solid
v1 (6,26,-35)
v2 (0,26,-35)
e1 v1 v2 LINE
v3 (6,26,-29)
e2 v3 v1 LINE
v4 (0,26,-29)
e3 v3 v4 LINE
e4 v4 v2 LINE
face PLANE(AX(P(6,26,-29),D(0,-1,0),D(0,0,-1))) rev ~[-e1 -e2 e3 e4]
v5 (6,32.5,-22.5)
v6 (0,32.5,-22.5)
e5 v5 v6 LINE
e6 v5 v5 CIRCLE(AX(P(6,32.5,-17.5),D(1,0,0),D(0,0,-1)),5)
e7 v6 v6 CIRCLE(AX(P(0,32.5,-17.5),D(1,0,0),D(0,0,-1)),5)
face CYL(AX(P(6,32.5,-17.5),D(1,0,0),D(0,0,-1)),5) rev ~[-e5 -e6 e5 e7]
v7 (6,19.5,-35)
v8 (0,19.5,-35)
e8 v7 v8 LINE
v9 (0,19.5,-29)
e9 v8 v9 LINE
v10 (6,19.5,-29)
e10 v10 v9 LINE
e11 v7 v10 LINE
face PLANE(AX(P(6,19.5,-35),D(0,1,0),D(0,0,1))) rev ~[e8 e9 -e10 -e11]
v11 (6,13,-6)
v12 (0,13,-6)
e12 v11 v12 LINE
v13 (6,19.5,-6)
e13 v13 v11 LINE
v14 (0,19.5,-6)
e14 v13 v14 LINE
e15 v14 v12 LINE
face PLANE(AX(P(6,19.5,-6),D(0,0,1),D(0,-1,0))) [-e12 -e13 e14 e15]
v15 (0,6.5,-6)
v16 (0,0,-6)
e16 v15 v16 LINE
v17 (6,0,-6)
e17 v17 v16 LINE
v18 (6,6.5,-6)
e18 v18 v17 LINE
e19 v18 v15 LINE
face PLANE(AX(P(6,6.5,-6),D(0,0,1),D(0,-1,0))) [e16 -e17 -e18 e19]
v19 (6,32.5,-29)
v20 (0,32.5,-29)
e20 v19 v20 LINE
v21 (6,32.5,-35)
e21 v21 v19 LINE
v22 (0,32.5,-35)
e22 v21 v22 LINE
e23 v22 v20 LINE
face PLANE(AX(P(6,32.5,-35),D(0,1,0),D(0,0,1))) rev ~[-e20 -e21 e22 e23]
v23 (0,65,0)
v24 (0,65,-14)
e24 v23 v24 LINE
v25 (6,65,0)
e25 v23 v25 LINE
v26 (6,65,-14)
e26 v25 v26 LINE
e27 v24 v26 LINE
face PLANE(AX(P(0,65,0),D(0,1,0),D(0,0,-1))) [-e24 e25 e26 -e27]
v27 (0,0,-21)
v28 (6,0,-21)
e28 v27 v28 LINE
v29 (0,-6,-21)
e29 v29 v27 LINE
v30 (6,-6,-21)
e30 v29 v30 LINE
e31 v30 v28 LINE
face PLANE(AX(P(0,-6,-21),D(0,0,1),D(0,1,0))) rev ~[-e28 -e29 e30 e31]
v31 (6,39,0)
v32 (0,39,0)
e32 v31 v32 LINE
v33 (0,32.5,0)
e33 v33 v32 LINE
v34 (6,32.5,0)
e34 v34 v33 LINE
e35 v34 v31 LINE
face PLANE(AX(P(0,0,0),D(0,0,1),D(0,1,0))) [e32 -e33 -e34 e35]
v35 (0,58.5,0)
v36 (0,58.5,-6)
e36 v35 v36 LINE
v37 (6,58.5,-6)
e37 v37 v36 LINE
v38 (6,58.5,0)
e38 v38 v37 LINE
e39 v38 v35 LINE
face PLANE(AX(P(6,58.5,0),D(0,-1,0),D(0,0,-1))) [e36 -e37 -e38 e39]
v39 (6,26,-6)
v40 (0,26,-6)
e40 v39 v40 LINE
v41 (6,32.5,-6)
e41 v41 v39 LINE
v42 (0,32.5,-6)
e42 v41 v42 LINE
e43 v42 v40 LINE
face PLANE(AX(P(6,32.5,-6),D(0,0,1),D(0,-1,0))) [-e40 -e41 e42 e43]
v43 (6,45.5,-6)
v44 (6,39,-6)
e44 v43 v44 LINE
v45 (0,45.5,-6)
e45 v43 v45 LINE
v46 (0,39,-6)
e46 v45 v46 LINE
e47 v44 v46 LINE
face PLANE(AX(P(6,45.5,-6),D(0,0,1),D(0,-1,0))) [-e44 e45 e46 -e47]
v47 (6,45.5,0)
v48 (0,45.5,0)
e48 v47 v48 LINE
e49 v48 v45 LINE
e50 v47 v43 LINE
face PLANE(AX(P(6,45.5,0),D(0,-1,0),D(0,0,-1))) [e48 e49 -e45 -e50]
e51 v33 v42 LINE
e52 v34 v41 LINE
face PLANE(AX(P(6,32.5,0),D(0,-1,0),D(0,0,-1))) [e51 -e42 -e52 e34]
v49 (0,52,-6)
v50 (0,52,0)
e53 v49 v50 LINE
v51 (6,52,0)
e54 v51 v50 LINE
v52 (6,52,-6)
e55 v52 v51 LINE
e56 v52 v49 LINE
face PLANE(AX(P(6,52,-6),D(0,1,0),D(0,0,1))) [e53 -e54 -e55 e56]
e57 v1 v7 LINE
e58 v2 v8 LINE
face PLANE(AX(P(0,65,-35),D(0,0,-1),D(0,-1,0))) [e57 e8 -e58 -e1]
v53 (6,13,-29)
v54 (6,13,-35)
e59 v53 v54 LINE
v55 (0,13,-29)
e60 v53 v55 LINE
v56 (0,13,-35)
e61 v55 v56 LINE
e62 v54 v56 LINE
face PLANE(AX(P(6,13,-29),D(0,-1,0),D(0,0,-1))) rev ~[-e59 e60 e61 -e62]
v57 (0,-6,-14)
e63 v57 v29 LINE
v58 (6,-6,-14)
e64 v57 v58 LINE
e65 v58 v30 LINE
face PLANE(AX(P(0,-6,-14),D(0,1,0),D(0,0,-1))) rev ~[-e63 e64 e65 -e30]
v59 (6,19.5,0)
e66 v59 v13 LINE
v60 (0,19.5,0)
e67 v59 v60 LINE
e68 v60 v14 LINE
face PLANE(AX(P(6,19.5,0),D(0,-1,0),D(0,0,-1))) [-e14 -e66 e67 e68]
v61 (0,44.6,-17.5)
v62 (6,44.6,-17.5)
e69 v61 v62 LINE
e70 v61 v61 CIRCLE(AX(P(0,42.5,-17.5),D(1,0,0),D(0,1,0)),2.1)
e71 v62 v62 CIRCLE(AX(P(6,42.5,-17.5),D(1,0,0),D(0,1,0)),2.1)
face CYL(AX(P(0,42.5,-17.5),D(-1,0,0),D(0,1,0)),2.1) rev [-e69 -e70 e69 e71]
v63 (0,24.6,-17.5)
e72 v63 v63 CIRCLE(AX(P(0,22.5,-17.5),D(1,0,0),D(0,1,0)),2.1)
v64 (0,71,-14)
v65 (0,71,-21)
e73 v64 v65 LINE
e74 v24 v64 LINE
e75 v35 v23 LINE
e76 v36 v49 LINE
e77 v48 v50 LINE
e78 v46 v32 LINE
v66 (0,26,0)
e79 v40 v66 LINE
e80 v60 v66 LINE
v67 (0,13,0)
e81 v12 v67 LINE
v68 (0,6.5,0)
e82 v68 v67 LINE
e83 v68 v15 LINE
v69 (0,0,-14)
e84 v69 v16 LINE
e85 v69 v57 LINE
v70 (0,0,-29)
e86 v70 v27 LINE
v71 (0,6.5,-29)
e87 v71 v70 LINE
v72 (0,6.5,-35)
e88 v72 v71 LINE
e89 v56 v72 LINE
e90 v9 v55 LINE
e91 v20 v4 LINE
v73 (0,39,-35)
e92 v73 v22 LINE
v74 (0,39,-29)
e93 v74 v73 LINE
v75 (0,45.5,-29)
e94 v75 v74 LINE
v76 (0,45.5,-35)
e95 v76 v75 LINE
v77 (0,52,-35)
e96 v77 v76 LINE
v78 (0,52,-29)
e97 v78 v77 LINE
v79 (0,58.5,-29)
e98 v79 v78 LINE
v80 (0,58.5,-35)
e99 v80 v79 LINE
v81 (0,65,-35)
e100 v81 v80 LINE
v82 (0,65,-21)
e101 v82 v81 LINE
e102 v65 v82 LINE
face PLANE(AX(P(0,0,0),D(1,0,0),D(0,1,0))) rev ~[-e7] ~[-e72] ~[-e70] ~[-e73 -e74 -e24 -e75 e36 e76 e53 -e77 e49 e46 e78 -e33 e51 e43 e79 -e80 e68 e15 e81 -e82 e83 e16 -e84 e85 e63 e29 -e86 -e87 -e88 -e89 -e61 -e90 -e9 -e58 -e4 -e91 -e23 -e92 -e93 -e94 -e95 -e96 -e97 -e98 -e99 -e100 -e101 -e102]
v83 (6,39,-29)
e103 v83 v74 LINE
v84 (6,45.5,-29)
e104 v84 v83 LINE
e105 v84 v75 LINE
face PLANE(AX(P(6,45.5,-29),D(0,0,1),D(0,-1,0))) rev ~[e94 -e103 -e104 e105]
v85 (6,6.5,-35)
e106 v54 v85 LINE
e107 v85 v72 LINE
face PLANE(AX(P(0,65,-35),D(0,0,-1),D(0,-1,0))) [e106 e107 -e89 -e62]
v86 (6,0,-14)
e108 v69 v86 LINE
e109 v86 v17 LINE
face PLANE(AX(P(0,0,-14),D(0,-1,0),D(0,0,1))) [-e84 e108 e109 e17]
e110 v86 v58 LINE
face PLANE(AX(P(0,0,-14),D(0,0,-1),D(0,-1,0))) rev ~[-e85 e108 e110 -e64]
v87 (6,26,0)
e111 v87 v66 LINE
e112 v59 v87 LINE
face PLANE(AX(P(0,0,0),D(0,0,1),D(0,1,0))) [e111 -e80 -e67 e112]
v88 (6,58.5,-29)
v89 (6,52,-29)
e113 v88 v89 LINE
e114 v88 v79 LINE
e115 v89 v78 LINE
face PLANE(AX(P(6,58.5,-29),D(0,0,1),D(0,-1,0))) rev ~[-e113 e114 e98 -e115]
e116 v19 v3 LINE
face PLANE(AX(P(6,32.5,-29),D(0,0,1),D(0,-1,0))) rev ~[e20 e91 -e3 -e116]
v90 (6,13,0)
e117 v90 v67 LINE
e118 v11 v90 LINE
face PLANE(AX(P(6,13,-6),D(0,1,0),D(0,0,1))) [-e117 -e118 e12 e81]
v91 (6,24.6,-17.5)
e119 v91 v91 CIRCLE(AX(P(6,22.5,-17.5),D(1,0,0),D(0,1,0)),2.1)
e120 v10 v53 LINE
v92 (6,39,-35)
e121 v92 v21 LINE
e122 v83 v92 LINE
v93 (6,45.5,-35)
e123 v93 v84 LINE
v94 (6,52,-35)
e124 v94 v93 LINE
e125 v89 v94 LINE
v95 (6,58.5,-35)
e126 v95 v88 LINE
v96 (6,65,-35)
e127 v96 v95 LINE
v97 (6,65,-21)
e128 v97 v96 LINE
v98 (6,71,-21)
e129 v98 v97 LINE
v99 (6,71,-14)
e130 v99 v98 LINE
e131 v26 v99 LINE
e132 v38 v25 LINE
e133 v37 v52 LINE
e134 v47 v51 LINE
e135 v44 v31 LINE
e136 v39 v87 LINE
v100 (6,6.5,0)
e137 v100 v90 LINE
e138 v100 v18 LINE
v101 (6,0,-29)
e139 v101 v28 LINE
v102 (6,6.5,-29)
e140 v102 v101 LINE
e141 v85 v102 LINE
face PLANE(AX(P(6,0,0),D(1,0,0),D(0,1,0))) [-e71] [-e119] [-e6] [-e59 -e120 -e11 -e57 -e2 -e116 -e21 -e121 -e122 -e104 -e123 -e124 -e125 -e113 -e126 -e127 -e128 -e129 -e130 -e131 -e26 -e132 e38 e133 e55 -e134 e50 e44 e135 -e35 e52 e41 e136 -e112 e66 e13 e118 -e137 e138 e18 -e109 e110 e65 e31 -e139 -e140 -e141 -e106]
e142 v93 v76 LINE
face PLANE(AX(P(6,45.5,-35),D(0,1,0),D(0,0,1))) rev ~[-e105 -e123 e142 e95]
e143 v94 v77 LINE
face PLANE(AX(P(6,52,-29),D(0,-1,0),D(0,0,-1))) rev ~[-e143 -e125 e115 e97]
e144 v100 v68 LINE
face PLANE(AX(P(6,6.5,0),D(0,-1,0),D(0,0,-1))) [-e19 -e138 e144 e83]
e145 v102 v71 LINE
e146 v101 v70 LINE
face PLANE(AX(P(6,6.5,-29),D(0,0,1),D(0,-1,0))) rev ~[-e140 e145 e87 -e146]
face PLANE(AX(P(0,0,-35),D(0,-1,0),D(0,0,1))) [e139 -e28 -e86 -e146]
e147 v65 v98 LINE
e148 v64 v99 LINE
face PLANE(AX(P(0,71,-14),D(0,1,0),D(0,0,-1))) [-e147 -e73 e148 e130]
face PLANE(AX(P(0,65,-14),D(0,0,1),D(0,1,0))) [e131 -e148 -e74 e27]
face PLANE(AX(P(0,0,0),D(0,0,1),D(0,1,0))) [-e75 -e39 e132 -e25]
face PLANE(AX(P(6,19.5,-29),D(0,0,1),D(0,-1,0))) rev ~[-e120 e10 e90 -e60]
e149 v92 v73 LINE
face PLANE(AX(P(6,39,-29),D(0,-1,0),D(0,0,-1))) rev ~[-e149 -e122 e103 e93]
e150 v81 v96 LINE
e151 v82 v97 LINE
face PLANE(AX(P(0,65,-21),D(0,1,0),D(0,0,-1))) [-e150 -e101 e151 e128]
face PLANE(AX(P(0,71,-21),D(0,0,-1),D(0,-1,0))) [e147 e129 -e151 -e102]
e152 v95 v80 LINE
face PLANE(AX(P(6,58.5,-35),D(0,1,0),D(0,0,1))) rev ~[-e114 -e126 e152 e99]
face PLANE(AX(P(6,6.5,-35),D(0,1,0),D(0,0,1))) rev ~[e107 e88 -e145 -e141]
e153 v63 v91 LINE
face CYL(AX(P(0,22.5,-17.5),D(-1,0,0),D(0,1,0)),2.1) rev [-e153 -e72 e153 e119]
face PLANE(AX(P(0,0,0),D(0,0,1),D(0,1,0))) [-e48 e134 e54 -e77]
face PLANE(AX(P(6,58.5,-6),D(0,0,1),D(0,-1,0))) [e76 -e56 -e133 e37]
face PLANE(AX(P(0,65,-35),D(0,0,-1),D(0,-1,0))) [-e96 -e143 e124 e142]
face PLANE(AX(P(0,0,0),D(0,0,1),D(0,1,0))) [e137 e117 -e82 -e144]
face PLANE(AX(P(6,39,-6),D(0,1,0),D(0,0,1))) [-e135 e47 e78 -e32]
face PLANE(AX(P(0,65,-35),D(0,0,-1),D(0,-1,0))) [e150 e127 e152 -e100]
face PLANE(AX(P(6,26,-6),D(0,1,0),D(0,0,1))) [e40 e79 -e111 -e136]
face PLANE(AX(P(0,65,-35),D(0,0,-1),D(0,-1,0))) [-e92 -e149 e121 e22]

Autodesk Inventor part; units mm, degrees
ref_plane "YZ Plane" through (0, 0, 0) normal (1, 0, 0) x (0, 1, 0)
ref_plane "XZ Plane" through (0, 0, 0) normal (0, 1, 0) x (-1, 0, 0)
ref_plane "XY Plane" through (0, 0, 0) normal (0, 0, 1) x (1, 0, 0)
sketch "Sketch1" plane through (0, 0, 0) normal (1, 0, 0) x (0, 1, 0)
  line L0 (0, 0) -> (65, 0)
  line L1 (65, -35) -> (0, -35)
  line L2 (65, -14) -> (71, -14)
  line L3 (71, -14) -> (71, -21)
  line L4 (71, -21) -> (65, -21)
  line L5 (0, -14) -> (-6, -14)
  line L6 (-6, -14) -> (-6, -21)
  line L7 (-6, -21) -> (0, -21)
  line L8 (65, 0) -> (65, -14)
  line L9 (65, -21) -> (65, -35)
  line L10 (0, -35) -> (0, -21)
  line L11 (0, -14) -> (0, 0)
  line L12 (32.5, -17.5) -> (22.5, -17.5)
  circle A0 centre (42.5, -17.5) radius 2.1
  circle A1 centre (22.5, -17.5) radius 2.1
  dimension "d0" = 65
  dimension "d1" = 35
  dimension "d3" = 6
  dimension "d4" = 7
  dimension "d6" = 6
  dimension "d7" = 7
  dimension "d8" = 10
  dimension "d10" = 4.2
  dimension "d11" = 4.2
extrude "Extrusion1" add sketch "Sketch1" along normal blind 6
sketch "Sketch2" plane through (6, 0, 0) normal (1, 0, 0) x (0, 0, -1)
  line L0 (14, 65) -> (0, 65) projected
  line L1 (0, 65) -> (0, 58.5)
  line L2 (0, 65) -> (0, 0) projected
  line L3 (0, 58.5) -> (6, 58.5)
  line L4 (6, 58.5) -> (6, 52)
  line L5 (6, 52) -> (0, 52)
  line L6 (0, 52) -> (0, 58.5)
  line L7 (35, 65) -> (35, 58.5)
  line L8 (35, 0) -> (35, 65) projected
  line L9 (35, 58.5) -> (29, 58.5)
  line L10 (29, 58.5) -> (29, 52)
  line L11 (29, 52) -> (35, 52)
  line L12 (35, 52) -> (35, 58.5)
  dimension "d15" = 6.5
  dimension "d16" = 6
  dimension "d17" = 6.5
  dimension "d18" = 6.5
  dimension "d19" = 6
  dimension "d20" = 6.5
extrude "Extrusion2" cut sketch "Sketch2" against normal blind 10
pattern_linear "Rectangular Pattern1" count 5 spacing 13 along (0, -1, 0) of "Extrusion2"
sketch "Sketch3" plane through (6, 0, 0) normal (1, 0, 0) x (0, 0, -1)
  circle A0 centre (17.5, 42.5) radius 2.1 projected
  circle A1 centre (17.5, 32.5) radius 5
  point P0 (0, 0)
  dimension "d27" = 10
extrude "Extrusion3" cut sketch "Sketch3" against normal blind 10 contours A1
properties part number "g_arm_v_2"
